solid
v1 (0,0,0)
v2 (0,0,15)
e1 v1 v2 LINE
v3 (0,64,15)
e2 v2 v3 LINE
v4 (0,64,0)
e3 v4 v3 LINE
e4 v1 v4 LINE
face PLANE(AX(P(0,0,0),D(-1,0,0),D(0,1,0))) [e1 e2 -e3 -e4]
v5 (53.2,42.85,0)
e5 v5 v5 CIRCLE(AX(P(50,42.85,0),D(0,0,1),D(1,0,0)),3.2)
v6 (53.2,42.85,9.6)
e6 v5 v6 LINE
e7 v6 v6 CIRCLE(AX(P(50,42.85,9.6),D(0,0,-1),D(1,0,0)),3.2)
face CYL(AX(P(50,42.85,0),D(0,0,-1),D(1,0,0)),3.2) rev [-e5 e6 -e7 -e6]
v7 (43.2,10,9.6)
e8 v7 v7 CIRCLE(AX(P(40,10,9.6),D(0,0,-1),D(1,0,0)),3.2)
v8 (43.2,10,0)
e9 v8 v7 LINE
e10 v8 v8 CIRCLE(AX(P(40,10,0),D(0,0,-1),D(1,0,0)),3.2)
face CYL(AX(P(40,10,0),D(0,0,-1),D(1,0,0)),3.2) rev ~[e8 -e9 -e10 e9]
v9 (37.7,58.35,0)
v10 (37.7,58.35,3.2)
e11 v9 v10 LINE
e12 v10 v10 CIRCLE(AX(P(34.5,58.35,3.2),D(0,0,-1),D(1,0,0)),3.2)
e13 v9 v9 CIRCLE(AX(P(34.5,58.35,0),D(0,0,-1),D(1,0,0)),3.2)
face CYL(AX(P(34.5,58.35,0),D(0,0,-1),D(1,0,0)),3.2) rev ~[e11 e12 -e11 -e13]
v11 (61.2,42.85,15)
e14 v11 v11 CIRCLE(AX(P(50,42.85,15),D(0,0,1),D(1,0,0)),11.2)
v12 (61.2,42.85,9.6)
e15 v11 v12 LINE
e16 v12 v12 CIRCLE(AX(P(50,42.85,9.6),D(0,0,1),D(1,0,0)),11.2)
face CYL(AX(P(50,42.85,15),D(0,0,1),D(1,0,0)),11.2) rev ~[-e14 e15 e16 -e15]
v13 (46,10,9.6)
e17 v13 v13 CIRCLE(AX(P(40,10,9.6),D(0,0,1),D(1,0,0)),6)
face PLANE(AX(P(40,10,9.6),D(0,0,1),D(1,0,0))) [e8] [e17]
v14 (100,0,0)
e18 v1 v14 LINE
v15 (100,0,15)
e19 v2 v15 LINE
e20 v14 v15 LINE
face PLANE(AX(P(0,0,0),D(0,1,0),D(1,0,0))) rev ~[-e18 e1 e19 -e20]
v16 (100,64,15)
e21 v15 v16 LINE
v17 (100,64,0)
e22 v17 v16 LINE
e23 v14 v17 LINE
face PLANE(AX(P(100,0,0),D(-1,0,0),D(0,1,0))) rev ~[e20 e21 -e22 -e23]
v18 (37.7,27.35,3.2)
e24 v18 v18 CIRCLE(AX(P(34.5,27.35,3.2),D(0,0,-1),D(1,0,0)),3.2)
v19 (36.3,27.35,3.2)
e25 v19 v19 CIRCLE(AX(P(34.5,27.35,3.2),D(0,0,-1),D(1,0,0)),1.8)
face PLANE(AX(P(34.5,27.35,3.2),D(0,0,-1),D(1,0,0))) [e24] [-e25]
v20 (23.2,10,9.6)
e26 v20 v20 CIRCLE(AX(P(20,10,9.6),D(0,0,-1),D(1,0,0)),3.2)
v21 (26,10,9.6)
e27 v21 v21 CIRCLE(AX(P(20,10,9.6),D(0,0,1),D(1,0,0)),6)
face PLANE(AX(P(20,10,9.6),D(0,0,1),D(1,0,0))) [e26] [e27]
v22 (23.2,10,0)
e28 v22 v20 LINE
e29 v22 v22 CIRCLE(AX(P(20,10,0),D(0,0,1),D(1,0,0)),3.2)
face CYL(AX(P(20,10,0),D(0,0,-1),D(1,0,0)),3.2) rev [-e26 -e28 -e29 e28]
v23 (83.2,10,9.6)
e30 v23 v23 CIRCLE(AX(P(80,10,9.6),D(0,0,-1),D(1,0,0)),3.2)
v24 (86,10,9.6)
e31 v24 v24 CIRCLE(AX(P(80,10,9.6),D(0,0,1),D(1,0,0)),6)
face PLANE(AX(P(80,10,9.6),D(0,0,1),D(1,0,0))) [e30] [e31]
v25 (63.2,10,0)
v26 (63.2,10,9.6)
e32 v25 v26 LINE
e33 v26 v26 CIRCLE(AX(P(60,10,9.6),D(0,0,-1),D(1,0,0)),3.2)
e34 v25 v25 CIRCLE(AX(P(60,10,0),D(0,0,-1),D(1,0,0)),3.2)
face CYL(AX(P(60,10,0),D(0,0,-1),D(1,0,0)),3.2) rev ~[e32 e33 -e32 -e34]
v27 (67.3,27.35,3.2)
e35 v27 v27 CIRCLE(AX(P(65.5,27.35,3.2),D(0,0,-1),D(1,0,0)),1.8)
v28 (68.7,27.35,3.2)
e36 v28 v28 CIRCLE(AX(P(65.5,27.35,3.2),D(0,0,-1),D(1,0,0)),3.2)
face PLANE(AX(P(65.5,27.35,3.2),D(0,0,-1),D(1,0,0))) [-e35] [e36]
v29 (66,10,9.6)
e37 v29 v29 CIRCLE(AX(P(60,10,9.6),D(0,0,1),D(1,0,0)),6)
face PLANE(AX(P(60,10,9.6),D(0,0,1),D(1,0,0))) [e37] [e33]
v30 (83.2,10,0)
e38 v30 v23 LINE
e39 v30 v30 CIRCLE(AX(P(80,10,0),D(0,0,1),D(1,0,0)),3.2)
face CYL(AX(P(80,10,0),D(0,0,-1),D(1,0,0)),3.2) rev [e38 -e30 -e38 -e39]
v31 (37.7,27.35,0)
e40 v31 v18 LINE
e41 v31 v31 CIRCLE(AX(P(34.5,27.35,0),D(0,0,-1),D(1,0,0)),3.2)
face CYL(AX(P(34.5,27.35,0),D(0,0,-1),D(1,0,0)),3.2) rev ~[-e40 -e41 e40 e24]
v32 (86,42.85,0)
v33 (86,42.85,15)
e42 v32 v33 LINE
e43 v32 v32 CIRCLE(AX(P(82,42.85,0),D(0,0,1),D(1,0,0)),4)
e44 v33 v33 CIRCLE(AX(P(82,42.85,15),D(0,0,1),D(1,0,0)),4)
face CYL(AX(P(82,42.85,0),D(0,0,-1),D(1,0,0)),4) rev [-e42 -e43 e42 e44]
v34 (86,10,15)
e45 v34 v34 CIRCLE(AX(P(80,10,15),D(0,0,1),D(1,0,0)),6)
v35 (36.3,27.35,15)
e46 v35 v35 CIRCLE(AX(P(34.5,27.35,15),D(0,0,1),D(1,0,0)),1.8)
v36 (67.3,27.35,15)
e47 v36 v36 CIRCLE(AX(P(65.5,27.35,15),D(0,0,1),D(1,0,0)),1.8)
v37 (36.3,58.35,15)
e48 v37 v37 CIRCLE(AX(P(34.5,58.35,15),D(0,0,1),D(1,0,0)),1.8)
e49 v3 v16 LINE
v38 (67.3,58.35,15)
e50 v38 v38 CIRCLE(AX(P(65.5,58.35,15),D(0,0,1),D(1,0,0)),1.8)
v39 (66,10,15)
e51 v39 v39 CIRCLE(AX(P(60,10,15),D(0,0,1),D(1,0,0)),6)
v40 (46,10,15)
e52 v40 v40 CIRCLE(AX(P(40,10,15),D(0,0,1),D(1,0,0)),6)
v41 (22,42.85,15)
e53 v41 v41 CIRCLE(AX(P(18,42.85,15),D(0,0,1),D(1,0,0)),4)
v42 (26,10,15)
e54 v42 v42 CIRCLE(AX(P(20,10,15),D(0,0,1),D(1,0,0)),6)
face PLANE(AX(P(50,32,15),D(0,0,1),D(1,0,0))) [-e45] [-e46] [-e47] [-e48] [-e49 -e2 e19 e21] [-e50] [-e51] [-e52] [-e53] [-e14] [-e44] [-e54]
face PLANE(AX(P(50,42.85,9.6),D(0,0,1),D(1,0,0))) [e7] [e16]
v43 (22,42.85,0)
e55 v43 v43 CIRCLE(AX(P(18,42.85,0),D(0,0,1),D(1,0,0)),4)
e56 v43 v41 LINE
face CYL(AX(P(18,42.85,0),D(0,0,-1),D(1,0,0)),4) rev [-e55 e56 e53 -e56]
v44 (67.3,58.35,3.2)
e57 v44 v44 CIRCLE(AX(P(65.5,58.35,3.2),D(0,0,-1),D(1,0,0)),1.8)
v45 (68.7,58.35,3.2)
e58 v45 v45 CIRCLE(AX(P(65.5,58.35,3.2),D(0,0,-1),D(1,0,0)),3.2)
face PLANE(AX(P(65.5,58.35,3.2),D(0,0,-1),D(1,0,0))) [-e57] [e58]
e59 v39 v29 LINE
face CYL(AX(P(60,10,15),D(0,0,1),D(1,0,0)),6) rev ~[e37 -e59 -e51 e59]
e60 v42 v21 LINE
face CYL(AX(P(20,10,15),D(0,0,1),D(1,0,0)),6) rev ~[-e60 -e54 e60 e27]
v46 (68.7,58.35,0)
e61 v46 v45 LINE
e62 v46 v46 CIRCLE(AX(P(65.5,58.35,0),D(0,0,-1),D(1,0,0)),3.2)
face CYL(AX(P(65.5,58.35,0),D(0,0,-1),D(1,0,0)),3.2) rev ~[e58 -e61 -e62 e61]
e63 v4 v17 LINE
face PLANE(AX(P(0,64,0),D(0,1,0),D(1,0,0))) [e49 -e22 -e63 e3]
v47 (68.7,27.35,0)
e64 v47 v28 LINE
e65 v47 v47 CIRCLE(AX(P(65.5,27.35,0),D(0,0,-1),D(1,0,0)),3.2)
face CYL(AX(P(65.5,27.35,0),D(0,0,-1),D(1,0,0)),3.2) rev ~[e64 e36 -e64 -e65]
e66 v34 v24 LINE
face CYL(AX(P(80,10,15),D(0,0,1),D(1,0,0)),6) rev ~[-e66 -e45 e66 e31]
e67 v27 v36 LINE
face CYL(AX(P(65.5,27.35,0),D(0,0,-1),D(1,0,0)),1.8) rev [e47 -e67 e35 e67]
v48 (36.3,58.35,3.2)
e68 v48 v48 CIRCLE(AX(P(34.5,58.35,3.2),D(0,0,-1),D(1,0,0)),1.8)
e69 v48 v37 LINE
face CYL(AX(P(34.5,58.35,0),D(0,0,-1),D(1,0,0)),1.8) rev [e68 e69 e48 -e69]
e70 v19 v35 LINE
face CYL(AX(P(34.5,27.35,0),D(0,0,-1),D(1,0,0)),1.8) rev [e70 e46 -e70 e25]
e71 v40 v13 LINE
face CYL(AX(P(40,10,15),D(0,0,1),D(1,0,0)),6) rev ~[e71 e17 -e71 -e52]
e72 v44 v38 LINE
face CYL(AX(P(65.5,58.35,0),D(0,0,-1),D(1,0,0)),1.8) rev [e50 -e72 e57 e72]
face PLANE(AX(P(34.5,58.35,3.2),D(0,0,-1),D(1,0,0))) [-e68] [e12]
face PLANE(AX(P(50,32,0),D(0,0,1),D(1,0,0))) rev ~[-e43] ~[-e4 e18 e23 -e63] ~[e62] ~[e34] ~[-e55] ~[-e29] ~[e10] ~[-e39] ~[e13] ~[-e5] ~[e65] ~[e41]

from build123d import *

# Parameters (mm, degrees)
SKETCH_W        = 100
SKETCH_H        = 64
SKETCH_R        = 3.2
SKETCH_R_2      = 1.8
SKETCH_R_3      = 4
PAD_DEPTH       = 15
SKETCH001_R     = 11.2
SKETCH001_R_2   = 6
POCKET_DEPTH    = 5.4
SKETCH002_R     = 3.2
POCKET001_DEPTH = 3.2
SKETCH003_R     = 6
POCKET002_DEPTH = 5.4
SKETCH004_R     = 3.2
POCKET003_DEPTH = 15


with BuildPart() as part:
    # Sketch → Pad (new body)
    with BuildSketch(Plane.XY):
        with Locations((50, 32)):
            Rectangle(SKETCH_W, SKETCH_H)
        with Locations((50, 42.85)):
            Circle(SKETCH_R, mode=Mode.SUBTRACT)
        with Locations((65.5, 58.35)):
            Circle(SKETCH_R_2, mode=Mode.SUBTRACT)
        with Locations((65.5, 27.35)):
            Circle(SKETCH_R_2, mode=Mode.SUBTRACT)
        with Locations((34.5, 27.35)):
            Circle(SKETCH_R_2, mode=Mode.SUBTRACT)
        with Locations((34.5, 58.35)):
            Circle(SKETCH_R_2, mode=Mode.SUBTRACT)
        with Locations((20, 10)):
            Circle(SKETCH_R, mode=Mode.SUBTRACT)
        with Locations((80, 10)):
            Circle(SKETCH_R, mode=Mode.SUBTRACT)
        with Locations((82, 42.85)):
            Circle(SKETCH_R_3, mode=Mode.SUBTRACT)
        with Locations((18, 42.85)):
            Circle(SKETCH_R_3, mode=Mode.SUBTRACT)
    extrude(amount=PAD_DEPTH)

    # Sketch001 (on Face15 of Pad) → Pocket (cut)
    with BuildSketch(Plane.XY.offset(15)):
        with Locations((50, 42.85)):
            Circle(SKETCH001_R)
        with Locations((20, 10)):
            Circle(SKETCH001_R_2)
        with Locations((80, 10)):
            Circle(SKETCH001_R_2)
    extrude(amount=-POCKET_DEPTH, mode=Mode.SUBTRACT)

    # Sketch002 (on Face4 of Pocket) → Pocket001 (cut)
    with BuildSketch(Plane(origin=(0, 0, 0), x_dir=(1, 0, 0), z_dir=(0, 0, -1))):
        with Locations((34.5, -27.35)):
            Circle(SKETCH002_R)
        with Locations((65.5, -27.35)):
            Circle(SKETCH002_R)
        with Locations((34.5, -58.35)):
            Circle(SKETCH002_R)
        with Locations((65.5, -58.35)):
            Circle(SKETCH002_R)
    extrude(amount=-POCKET001_DEPTH, mode=Mode.SUBTRACT)

    # Sketch003 (on Face5 of Pocket001) → Pocket002 (cut)
    with BuildSketch(Plane.XY.offset(15)):
        with Locations((40, 10)):
            Circle(SKETCH003_R)
        with Locations((60, 10)):
            Circle(SKETCH003_R)
    extrude(amount=-POCKET002_DEPTH, mode=Mode.SUBTRACT)

    # Sketch004 (on Face4 of Pocket002) → Pocket003 (cut)
    with BuildSketch(Plane(origin=(0, 0, 0), x_dir=(1, 0, 0), z_dir=(0, 0, -1))):
        with Locations((40, -10)):
            Circle(SKETCH004_R)
        with Locations((60, -10)):
            Circle(SKETCH004_R)
    extrude(amount=-POCKET003_DEPTH, mode=Mode.SUBTRACT)


solid = part.part
